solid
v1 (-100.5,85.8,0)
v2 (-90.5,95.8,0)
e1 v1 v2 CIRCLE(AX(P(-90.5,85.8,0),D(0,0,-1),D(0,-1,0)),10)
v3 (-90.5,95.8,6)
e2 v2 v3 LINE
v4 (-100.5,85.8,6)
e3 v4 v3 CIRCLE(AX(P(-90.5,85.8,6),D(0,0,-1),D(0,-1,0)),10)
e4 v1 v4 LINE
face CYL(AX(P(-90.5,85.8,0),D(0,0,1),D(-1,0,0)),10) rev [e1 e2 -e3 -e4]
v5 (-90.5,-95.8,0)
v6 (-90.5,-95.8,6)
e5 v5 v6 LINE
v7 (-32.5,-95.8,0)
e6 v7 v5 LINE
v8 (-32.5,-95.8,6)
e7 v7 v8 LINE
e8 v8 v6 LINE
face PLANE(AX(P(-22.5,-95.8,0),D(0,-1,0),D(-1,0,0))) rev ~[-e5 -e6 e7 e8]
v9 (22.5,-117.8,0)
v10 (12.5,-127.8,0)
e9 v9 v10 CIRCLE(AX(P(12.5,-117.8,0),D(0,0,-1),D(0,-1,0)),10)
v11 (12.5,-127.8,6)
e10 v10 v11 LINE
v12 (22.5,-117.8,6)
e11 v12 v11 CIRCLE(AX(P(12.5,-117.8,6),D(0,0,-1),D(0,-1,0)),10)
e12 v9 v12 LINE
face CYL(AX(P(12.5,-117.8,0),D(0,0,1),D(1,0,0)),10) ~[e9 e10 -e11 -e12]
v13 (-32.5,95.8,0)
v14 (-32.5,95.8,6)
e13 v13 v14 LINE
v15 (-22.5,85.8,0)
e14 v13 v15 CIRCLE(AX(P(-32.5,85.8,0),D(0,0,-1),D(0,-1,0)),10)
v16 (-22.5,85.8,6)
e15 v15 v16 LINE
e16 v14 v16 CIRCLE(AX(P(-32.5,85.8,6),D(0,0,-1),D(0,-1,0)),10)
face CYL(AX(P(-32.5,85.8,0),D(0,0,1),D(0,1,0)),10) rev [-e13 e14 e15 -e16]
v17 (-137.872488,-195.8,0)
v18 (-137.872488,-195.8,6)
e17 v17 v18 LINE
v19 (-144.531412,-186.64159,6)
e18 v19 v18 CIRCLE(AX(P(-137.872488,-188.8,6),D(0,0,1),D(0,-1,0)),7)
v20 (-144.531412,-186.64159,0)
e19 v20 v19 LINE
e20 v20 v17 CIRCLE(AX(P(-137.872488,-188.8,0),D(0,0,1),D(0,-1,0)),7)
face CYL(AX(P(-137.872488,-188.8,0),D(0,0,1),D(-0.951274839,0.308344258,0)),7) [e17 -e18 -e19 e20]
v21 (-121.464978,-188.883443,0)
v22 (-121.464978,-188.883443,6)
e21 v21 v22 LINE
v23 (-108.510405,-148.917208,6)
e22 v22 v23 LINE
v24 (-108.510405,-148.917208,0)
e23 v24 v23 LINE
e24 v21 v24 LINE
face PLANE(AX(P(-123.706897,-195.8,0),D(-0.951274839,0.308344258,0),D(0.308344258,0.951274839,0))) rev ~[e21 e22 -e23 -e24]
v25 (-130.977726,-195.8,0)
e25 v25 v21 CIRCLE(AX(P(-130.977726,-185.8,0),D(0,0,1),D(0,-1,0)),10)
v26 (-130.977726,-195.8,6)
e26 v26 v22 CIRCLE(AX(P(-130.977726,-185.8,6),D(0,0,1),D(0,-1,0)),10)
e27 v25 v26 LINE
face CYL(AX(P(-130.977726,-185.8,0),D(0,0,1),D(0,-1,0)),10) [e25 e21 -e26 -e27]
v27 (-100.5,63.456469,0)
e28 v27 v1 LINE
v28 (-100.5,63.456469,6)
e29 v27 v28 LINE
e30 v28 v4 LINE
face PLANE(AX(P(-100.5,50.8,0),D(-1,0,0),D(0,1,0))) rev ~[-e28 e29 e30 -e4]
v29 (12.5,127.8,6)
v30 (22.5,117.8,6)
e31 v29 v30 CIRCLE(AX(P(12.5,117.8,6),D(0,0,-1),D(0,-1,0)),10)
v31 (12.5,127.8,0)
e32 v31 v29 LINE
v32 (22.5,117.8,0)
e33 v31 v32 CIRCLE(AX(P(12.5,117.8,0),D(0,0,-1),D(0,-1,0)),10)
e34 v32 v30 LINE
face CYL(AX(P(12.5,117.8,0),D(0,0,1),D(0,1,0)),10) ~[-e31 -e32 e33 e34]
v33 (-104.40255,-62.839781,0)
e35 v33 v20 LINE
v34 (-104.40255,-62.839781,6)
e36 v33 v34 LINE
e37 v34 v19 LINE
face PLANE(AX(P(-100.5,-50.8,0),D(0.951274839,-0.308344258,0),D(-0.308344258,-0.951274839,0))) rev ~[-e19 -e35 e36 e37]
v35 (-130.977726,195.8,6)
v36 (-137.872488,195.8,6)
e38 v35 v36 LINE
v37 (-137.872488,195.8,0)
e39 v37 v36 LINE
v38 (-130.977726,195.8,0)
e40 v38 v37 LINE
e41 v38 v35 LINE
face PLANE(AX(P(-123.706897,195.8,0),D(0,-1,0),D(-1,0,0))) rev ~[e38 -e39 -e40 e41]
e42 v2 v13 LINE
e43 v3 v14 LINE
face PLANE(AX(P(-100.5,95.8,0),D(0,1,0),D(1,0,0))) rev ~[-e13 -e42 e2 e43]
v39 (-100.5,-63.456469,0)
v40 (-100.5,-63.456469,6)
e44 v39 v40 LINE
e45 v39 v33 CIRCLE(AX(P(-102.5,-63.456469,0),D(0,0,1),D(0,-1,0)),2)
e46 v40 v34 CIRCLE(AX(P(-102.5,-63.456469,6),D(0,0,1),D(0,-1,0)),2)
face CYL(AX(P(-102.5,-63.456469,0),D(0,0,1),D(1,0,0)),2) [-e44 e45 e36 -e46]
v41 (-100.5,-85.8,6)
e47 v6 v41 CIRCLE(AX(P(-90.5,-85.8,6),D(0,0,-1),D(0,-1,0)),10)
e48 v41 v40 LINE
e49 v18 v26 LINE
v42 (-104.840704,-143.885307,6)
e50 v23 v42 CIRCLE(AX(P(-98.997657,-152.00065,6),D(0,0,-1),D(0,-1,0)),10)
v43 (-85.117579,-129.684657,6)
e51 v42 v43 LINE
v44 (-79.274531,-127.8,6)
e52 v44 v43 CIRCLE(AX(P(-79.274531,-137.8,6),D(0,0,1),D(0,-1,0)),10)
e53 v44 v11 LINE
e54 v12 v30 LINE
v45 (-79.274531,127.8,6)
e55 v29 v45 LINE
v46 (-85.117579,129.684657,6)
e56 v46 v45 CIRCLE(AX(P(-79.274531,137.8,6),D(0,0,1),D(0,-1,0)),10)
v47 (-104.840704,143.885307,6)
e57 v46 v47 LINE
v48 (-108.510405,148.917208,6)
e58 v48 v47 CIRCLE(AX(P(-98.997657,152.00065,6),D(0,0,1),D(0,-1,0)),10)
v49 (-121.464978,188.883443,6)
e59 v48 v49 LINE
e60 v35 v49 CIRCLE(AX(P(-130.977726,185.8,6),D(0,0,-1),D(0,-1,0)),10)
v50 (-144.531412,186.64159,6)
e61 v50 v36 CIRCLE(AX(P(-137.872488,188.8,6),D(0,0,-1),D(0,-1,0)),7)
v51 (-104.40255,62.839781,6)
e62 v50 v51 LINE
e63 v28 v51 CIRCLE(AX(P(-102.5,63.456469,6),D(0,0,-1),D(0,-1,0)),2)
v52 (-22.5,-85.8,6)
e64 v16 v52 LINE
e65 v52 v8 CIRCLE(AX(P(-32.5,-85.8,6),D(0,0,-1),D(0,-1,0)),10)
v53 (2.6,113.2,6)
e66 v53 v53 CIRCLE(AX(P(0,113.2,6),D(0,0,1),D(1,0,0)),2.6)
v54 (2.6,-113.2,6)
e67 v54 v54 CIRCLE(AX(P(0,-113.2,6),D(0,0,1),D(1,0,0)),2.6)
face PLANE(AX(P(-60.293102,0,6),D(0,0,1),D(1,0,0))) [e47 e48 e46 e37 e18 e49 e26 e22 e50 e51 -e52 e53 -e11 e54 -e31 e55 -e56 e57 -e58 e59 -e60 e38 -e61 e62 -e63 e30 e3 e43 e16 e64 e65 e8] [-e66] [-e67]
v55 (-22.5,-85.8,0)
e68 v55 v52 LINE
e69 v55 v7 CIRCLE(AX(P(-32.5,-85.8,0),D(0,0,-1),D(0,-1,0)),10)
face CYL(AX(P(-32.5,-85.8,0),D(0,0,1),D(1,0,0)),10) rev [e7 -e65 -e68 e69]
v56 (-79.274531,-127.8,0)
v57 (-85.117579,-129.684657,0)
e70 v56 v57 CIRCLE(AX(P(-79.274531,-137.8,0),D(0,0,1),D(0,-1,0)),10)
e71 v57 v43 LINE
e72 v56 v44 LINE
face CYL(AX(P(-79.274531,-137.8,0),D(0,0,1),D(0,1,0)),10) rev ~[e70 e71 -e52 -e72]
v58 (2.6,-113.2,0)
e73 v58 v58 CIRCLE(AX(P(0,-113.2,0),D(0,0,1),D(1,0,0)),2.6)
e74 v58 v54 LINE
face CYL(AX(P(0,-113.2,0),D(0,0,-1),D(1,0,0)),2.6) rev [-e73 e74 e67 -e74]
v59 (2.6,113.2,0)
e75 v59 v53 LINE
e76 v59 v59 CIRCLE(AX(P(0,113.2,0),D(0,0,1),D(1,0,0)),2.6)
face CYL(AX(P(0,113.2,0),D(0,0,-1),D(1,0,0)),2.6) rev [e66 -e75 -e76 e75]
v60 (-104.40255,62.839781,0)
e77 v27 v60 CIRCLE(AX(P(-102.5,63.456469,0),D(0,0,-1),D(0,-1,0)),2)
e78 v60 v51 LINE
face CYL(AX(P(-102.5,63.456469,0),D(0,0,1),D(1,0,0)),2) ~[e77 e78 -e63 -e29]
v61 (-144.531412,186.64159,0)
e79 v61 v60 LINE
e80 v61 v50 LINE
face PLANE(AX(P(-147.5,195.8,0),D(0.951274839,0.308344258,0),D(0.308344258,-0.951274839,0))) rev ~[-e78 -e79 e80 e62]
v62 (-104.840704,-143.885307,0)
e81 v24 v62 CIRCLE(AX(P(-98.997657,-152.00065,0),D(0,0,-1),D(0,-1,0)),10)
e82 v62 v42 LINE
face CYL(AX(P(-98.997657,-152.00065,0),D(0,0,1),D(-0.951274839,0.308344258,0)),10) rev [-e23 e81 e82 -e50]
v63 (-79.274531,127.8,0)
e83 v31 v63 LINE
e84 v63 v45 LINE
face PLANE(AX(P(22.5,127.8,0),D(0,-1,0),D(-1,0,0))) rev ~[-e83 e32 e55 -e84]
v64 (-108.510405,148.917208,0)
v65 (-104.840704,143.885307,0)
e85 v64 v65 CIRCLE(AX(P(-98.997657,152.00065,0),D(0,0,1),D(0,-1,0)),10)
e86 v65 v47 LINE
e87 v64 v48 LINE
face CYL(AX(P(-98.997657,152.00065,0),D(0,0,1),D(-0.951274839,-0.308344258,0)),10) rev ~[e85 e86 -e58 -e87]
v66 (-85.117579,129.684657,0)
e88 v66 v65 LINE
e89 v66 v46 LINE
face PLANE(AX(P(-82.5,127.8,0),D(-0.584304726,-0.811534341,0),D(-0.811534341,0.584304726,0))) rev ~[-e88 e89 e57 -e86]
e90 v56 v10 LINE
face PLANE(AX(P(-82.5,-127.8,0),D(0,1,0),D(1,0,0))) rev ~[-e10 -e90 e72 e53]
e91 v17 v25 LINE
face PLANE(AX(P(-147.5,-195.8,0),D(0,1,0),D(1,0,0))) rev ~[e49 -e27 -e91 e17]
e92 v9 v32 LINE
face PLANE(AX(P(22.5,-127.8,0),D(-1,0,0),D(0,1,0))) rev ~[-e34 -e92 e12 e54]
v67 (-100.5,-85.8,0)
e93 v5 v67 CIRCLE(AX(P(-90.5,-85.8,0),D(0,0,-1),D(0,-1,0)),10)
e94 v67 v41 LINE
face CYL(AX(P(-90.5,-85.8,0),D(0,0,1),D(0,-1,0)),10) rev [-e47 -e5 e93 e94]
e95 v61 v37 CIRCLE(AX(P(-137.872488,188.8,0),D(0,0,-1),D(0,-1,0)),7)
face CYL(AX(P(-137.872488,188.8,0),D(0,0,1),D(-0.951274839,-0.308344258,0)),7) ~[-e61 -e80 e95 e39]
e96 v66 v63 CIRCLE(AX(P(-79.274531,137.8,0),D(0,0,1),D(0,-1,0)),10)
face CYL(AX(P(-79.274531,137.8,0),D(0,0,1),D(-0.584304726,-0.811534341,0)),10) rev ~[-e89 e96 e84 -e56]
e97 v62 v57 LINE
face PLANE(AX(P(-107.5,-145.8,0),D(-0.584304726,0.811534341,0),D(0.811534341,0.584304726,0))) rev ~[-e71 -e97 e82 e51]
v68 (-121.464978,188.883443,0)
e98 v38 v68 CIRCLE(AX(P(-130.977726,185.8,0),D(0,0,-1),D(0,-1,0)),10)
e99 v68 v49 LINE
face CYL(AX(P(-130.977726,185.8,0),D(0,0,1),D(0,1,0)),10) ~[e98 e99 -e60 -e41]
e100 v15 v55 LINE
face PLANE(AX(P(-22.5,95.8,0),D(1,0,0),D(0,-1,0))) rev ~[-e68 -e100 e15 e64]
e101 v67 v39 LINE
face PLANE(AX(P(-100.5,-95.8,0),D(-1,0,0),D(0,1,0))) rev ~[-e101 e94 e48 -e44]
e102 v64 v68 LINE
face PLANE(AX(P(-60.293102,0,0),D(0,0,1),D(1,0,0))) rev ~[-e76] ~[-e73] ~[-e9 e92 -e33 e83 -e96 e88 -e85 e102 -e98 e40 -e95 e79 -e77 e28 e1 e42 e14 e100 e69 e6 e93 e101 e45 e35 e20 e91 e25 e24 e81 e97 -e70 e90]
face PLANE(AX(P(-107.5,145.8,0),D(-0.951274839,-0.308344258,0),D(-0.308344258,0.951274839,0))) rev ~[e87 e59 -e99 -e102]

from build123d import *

# Parameters (mm, degrees)
ESBO_O1_R                = 2.6
RESSALTO_EXTRUS_O1_DEPTH = 6
FILETE1_R                = 2
FILETE3_R                = 10
FILETE4_R                = 7


with BuildPart() as part:
    # Esboço1 → Ressalto-extrusão1 (new body)
    with BuildSketch(Plane.XY):
        Polygon((-100.5, 95.8), (-22.5, 95.8), (-22.5, -95.8), (-100.5, -95.8), (-100.5, -50.8), (-147.5, -195.8), (-123.706896552, -195.8), (-107.5, -145.8), (-82.5, -127.8), (22.5, -127.8), (22.5, 127.8), (-82.5, 127.8), (-107.5, 145.8), (-123.706896552, 195.8), (-147.5, 195.8), (-100.5, 50.8), align=None)
        with Locations((0, 113.2)):
            Circle(ESBO_O1_R, mode=Mode.SUBTRACT)
        with Locations((0, -113.2)):
            Circle(ESBO_O1_R, mode=Mode.SUBTRACT)
    extrude(amount=RESSALTO_EXTRUS_O1_DEPTH)

    # Filete1
    filete1_edges = [part.edges().sort_by_distance(p)[0] for p in [
        (-100.5, -50.8, 3),
        (-100.5, 50.8, 3),
    ]]
    fillet(filete1_edges, radius=FILETE1_R)

    # Filete3
    filete3_edges = [part.edges().sort_by_distance(p)[0] for p in [
        (-82.5, 127.8, 3),
        (22.5, 127.8, 3),
        (22.5, -127.8, 3),
        (-82.5, -127.8, 3),
        (-107.5, -145.8, 3),
        (-123.706896552, -195.8, 3),
        (-100.5, -95.8, 3),
        (-22.5, -95.8, 3),
        (-22.5, 95.8, 3),
        (-100.5, 95.8, 3),
        (-123.706896552, 195.8, 3),
        (-107.5, 145.8, 3),
    ]]
    fillet(filete3_edges, radius=FILETE3_R)

    # Filete4
    filete4_edges = [part.edges().sort_by_distance(p)[0] for p in [
        (-147.5, -195.8, 3),
        (-147.5, 195.8, 3),
    ]]
    fillet(filete4_edges, radius=FILETE4_R)


solid = part.part
